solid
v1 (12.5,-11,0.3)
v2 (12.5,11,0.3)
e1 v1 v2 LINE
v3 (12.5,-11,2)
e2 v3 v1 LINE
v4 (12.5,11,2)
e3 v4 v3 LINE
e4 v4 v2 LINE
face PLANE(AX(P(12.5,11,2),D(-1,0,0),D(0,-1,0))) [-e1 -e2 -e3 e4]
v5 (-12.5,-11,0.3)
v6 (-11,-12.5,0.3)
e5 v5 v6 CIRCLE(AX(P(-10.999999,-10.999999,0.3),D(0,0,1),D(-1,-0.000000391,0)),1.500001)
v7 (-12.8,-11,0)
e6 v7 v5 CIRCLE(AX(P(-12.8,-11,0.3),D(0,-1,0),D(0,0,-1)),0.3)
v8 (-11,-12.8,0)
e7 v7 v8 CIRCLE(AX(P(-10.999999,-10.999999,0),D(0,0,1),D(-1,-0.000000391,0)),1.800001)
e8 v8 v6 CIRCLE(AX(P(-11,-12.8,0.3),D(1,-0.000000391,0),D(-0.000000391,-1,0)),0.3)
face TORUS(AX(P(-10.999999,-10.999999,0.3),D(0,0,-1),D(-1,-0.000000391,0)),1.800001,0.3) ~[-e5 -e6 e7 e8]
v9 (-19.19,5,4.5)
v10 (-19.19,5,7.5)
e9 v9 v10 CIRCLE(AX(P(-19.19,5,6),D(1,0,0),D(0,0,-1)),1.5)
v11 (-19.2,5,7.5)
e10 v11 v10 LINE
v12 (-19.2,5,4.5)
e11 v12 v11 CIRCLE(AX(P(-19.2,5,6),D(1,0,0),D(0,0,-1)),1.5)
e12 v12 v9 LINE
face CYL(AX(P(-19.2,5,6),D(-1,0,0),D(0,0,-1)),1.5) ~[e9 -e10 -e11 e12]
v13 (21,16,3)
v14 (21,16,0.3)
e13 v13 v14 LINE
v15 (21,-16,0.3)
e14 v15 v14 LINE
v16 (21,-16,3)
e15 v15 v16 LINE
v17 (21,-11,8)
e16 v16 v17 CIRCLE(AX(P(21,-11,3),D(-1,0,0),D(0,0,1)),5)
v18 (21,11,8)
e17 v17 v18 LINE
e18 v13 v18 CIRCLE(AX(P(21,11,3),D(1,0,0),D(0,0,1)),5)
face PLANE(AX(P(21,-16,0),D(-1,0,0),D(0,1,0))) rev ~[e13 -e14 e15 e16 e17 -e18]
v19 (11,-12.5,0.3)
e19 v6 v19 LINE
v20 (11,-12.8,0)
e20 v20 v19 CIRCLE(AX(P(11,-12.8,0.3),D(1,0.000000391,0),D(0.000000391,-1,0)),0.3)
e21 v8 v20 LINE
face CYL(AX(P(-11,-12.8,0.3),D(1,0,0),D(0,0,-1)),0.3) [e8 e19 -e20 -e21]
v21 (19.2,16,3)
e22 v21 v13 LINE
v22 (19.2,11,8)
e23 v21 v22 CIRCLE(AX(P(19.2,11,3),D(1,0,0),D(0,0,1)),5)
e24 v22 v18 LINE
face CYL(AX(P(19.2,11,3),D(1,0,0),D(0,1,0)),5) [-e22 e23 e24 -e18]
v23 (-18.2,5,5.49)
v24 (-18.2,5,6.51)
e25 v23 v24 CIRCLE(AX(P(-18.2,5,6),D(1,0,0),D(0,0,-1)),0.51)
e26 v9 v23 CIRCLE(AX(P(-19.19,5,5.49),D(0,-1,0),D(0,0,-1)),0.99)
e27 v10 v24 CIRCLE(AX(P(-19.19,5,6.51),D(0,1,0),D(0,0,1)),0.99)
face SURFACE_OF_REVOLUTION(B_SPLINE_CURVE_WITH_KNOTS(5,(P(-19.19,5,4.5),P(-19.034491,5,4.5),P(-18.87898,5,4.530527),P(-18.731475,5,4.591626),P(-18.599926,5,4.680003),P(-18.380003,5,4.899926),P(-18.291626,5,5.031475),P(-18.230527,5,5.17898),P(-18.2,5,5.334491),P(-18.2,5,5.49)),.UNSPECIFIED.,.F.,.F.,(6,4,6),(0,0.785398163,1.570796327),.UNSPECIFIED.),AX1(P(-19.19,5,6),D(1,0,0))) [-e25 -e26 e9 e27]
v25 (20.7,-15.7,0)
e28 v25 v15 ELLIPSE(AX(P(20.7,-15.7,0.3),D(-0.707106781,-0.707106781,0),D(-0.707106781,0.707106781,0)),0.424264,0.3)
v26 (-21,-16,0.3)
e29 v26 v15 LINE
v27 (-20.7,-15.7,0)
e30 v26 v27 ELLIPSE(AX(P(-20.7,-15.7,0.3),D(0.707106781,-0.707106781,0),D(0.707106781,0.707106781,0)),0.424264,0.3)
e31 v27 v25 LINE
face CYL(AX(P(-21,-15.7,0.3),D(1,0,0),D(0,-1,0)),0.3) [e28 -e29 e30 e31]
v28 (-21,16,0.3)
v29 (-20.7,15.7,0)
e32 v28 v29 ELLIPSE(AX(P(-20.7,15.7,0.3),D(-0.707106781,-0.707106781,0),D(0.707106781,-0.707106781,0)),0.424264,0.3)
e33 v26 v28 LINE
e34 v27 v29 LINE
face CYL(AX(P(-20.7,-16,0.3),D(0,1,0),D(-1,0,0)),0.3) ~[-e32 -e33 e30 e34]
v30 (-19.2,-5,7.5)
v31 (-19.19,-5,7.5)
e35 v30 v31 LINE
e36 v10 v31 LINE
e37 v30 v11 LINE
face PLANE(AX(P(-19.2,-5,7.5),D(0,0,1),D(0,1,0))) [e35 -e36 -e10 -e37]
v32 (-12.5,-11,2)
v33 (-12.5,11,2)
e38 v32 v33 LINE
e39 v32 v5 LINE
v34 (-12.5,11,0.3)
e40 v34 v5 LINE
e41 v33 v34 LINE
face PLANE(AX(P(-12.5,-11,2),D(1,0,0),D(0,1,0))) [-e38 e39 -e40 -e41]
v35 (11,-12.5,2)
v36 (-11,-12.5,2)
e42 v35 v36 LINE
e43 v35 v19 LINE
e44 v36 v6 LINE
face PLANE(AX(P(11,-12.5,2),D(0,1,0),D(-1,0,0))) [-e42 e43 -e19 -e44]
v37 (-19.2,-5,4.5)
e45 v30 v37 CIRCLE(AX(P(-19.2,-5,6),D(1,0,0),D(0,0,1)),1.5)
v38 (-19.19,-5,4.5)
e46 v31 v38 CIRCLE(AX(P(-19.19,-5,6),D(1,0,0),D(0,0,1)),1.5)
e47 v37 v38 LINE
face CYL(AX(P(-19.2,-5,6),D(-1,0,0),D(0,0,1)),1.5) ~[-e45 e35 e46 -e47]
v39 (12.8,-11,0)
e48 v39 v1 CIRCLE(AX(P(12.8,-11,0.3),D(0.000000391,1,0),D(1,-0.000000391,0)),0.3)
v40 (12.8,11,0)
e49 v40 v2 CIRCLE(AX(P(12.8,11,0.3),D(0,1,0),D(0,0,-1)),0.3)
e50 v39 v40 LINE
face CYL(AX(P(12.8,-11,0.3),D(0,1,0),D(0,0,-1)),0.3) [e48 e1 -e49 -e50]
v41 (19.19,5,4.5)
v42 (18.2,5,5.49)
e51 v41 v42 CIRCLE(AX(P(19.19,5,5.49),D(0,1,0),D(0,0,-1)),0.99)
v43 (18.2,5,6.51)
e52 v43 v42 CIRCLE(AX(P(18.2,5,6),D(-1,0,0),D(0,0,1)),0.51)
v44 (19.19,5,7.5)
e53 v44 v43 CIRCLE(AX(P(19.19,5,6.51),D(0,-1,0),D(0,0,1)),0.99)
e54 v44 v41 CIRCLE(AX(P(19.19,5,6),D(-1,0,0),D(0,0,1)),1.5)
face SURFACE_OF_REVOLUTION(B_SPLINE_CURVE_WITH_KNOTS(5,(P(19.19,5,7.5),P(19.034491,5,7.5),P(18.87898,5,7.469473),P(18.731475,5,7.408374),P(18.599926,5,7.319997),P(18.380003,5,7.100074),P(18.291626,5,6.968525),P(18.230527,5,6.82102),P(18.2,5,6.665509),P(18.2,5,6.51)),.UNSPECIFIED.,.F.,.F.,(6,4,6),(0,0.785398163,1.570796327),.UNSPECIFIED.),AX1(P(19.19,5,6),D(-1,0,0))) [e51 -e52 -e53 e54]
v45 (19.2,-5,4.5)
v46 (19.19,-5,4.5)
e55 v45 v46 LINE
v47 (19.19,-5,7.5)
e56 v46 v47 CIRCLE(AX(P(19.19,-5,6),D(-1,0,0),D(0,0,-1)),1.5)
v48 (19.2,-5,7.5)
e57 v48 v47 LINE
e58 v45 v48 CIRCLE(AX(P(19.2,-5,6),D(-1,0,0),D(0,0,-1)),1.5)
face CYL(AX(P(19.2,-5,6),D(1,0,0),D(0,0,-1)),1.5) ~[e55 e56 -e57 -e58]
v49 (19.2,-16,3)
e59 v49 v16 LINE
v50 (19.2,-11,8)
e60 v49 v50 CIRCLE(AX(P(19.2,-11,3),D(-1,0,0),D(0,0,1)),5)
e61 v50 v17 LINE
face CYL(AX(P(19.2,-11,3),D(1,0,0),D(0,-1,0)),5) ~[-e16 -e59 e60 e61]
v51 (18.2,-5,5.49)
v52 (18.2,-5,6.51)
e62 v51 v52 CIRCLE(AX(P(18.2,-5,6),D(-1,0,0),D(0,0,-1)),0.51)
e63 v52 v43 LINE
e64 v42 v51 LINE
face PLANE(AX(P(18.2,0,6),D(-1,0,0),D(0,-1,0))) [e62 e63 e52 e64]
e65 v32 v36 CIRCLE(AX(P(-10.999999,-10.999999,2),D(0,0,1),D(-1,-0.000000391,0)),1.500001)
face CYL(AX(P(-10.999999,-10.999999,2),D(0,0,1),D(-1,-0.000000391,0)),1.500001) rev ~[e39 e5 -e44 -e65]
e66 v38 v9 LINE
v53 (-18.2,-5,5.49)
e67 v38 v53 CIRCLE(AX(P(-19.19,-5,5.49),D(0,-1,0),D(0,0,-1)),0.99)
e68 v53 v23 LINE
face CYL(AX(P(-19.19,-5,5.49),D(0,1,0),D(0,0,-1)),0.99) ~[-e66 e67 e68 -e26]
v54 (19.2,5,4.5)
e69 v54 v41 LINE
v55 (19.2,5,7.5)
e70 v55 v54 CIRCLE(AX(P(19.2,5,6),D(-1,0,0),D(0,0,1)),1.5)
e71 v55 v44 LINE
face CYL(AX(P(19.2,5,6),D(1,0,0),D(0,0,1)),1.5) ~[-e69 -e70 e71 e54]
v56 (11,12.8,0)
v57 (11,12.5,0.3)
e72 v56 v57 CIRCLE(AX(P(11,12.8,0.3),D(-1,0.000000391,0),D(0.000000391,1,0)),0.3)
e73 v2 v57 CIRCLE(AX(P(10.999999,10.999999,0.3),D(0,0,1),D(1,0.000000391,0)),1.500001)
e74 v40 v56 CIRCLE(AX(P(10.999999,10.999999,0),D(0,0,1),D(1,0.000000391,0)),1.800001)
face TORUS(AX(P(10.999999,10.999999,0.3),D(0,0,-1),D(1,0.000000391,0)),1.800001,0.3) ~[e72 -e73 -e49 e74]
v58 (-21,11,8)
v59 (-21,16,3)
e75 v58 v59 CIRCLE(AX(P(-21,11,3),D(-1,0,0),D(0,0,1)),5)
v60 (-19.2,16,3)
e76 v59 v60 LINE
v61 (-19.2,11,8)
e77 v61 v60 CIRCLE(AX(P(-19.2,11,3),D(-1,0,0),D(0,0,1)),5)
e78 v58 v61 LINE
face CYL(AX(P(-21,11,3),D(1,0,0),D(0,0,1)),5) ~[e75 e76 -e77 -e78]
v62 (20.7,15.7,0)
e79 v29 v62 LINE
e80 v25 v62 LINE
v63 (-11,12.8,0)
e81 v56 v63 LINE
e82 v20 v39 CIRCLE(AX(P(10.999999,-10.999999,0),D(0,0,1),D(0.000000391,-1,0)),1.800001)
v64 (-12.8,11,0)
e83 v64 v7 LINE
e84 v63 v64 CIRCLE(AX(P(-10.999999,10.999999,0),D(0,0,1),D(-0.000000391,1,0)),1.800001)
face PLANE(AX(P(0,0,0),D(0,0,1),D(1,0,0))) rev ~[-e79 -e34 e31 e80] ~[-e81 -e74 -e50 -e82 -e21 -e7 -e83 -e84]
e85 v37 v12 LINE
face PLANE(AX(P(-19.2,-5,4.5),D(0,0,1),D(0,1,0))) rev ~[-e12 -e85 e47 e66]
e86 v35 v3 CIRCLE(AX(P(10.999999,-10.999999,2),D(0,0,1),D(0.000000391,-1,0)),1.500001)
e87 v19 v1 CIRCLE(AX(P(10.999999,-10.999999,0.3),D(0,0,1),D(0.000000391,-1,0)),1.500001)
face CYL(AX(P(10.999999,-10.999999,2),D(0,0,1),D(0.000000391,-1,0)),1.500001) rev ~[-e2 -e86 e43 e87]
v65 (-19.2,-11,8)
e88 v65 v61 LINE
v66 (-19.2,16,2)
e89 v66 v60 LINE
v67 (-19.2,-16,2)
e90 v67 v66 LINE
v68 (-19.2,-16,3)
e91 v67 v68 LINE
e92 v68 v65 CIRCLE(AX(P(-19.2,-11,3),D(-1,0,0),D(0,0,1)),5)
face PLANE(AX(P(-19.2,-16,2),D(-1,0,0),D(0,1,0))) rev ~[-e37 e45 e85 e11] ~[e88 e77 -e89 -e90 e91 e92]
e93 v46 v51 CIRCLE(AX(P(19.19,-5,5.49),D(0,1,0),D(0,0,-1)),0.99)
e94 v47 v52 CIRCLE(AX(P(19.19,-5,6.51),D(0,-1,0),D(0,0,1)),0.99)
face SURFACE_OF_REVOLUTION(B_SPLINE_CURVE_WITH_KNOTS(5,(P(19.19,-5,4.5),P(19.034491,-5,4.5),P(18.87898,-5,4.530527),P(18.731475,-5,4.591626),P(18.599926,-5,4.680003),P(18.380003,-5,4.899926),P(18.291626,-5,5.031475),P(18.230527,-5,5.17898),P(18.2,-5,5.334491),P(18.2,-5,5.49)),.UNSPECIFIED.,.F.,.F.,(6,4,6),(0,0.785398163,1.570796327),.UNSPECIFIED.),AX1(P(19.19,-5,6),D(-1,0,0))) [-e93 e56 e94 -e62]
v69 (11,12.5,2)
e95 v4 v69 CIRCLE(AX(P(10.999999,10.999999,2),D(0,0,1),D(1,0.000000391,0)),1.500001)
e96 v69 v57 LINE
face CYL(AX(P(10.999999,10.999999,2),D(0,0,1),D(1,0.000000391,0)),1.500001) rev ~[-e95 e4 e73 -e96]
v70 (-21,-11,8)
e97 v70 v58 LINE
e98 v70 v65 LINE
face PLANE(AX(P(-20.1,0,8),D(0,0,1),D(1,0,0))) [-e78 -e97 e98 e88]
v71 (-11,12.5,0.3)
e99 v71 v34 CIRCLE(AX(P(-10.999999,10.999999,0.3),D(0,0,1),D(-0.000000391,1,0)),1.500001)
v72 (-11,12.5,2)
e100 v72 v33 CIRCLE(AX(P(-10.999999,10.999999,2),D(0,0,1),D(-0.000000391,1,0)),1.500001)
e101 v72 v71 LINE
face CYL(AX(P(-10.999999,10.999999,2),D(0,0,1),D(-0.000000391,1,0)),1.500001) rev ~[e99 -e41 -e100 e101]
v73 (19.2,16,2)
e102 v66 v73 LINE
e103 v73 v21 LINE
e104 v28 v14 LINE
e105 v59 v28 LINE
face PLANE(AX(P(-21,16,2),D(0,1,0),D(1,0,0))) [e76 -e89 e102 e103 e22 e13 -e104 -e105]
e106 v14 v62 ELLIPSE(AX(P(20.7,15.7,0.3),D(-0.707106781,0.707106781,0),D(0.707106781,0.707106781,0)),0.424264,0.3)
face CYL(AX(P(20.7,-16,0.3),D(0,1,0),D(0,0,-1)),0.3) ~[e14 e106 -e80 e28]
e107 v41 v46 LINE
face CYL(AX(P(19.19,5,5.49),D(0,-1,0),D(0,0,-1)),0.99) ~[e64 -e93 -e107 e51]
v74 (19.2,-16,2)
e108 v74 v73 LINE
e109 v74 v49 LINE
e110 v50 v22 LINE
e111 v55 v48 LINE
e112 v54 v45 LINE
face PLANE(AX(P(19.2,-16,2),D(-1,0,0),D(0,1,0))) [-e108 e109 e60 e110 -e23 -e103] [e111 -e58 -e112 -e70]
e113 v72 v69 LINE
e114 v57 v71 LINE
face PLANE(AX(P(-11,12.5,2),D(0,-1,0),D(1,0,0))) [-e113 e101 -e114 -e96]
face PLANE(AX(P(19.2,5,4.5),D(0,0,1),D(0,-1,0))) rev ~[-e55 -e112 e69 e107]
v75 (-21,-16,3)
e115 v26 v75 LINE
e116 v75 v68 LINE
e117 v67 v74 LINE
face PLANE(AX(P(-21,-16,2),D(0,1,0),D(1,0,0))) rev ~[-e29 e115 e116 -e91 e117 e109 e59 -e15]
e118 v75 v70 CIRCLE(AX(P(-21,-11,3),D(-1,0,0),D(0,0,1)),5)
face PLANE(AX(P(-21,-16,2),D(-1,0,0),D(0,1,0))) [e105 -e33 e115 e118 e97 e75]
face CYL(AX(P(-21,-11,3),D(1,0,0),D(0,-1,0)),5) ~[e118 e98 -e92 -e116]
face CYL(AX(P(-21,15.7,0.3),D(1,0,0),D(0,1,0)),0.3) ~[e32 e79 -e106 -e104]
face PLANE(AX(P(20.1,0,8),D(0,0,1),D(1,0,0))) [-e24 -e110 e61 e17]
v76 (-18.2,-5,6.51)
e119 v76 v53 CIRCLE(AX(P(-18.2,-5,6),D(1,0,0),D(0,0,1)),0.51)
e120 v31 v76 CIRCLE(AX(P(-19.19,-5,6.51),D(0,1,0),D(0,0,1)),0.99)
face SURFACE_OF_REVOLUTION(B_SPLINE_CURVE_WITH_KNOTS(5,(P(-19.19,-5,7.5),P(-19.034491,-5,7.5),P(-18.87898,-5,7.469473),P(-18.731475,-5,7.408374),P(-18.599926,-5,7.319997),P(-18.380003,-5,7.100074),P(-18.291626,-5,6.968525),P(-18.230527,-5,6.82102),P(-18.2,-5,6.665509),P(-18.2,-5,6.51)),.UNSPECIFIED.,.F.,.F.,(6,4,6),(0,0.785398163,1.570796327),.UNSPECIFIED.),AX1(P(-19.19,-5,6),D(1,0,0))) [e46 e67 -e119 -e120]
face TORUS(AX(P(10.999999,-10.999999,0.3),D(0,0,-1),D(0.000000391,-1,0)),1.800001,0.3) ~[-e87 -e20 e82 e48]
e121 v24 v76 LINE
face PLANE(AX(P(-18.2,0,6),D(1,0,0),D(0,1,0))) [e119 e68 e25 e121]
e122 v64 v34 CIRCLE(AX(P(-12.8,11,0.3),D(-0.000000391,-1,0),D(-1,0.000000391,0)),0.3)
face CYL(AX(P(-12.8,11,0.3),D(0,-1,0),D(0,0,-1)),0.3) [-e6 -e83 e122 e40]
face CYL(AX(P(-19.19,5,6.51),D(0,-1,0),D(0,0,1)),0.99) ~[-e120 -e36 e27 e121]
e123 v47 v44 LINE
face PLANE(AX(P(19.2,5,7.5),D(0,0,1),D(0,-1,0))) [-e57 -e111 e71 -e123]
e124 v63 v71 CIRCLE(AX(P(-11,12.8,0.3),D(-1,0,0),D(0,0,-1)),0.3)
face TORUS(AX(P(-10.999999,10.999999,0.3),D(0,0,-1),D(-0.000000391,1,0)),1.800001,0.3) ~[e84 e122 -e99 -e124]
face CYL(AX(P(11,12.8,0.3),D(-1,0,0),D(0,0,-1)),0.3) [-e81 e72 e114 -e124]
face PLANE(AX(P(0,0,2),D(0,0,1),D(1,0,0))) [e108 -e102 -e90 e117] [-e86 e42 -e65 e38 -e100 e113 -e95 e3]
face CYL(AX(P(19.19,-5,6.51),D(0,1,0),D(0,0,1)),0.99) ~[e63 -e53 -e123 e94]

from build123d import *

# Parameters (mm, degrees)
SKETCH_W     = 42
SKETCH_H     = 32
PAD_DEPTH    = 2
POCKET_DEPTH = 2.001
SKETCH004_W  = 1.8
SKETCH004_H  = 32
PAD001_DEPTH = 6
PAD002_DEPTH = 1
PAD003_DEPTH = 1
FILLET_R     = 0.99
FILLET001_R  = 5
FILLET002_R  = 0.3


with BuildPart() as part:
    # Sketch → Pad (new body)
    with BuildSketch(Plane.XY):
        Rectangle(SKETCH_W, SKETCH_H)
    extrude(amount=PAD_DEPTH)

    # Sketch001 (on Face6 of Pad) → Pocket (cut, through all)
    with BuildSketch(Plane.XY.offset(2)):
        with BuildLine():
            Line((-11, 12.5), (11, 12.5))
            ThreePointArc((12.5, 11), (12.06066, 12.06066), (11, 12.5))
            Line((12.5, 11), (12.5, -11))
            ThreePointArc((11, -12.5), (12.06066, -12.06066), (12.5, -11))
            Line((11, -12.5), (-11, -12.5))
            ThreePointArc((-12.5, -11), (-12.06066, -12.06066), (-11, -12.5))
            Line((-12.5, -11), (-12.5, 11))
            ThreePointArc((-11, 12.5), (-12.06066, 12.06066), (-12.5, 11))
        make_face()
    extrude(amount=-POCKET_DEPTH, mode=Mode.SUBTRACT)

    # Sketch004 (on Face5 of Pocket) → Pad001 (join)
    with BuildSketch(Plane.XY.offset(2)):
        with Locations((-20.1, 0)):
            Rectangle(SKETCH004_W, SKETCH004_H)
        with Locations((20.1, 0)):
            Rectangle(SKETCH004_W, SKETCH004_H)
    extrude(amount=PAD001_DEPTH)

    # Sketch005 (on Face22 of Pad001) → Pad002 (join)
    with BuildSketch(Plane.YZ.offset(-19.2)):
        with BuildLine():
            ThreePointArc((-5, 7.5), (-6.5, 6), (-5, 4.5))
            Line((-5, 4.5), (5, 4.5))
            ThreePointArc((5, 4.5), (6.5, 6), (5, 7.5))
            Line((-5, 7.5), (5, 7.5))
        make_face()
    extrude(amount=PAD002_DEPTH)

    # Sketch006 (on Face23 of Pad002) → Pad003 (join)
    with BuildSketch(Plane(origin=(19.2, 0, 0), x_dir=(0, -1, 0), z_dir=(-1, 0, 0))):
        with BuildLine():
            ThreePointArc((-5, 7.5), (-6.5, 6), (-5, 4.5))
            Line((-5, 4.5), (5, 4.5))
            ThreePointArc((5, 4.5), (6.5, 6), (5, 7.5))
            Line((-5, 7.5), (5, 7.5))
        make_face()
    extrude(amount=PAD003_DEPTH)

    # Fillet
    fillet_edges = [part.edges().sort_by_distance(p)[0] for p in [
        (18.2, 6.5, 6),
        (18.2, 0, 4.5),
        (18.2, -6.5, 6),
        (18.2, 0, 7.5),
        (-18.2, -6.5, 6),
        (-18.2, 0, 4.5),
        (-18.2, 6.5, 6),
        (-18.2, 0, 7.5),
    ]]
    fillet(fillet_edges, radius=FILLET_R)

    # Fillet001
    fillet001_edges = [part.edges().sort_by_distance(p)[0] for p in [
        (20.1, 16, 8),
        (20.1, -16, 8),
        (-20.1, 16, 8),
        (-20.1, -16, 8),
    ]]
    fillet(fillet001_edges, radius=FILLET001_R)

    # Fillet002
    fillet002_edges = [part.edges().sort_by_distance(p)[0] for p in [
        (0, 16, 0),
        (-21, 0, 0),
        (21, 0, 0),
        (0, -16, 0),
        (12.06066, -12.06066, 0),
        (12.5, 0, 0),
        (12.06066, 12.06066, 0),
        (0, 12.5, 0),
        (-12.06066, 12.06066, 0),
        (-12.5, 0, 0),
        (-12.06066, -12.06066, 0),
        (0, -12.5, 0),
    ]]
    fillet(fillet002_edges, radius=FILLET002_R)


solid = part.part
